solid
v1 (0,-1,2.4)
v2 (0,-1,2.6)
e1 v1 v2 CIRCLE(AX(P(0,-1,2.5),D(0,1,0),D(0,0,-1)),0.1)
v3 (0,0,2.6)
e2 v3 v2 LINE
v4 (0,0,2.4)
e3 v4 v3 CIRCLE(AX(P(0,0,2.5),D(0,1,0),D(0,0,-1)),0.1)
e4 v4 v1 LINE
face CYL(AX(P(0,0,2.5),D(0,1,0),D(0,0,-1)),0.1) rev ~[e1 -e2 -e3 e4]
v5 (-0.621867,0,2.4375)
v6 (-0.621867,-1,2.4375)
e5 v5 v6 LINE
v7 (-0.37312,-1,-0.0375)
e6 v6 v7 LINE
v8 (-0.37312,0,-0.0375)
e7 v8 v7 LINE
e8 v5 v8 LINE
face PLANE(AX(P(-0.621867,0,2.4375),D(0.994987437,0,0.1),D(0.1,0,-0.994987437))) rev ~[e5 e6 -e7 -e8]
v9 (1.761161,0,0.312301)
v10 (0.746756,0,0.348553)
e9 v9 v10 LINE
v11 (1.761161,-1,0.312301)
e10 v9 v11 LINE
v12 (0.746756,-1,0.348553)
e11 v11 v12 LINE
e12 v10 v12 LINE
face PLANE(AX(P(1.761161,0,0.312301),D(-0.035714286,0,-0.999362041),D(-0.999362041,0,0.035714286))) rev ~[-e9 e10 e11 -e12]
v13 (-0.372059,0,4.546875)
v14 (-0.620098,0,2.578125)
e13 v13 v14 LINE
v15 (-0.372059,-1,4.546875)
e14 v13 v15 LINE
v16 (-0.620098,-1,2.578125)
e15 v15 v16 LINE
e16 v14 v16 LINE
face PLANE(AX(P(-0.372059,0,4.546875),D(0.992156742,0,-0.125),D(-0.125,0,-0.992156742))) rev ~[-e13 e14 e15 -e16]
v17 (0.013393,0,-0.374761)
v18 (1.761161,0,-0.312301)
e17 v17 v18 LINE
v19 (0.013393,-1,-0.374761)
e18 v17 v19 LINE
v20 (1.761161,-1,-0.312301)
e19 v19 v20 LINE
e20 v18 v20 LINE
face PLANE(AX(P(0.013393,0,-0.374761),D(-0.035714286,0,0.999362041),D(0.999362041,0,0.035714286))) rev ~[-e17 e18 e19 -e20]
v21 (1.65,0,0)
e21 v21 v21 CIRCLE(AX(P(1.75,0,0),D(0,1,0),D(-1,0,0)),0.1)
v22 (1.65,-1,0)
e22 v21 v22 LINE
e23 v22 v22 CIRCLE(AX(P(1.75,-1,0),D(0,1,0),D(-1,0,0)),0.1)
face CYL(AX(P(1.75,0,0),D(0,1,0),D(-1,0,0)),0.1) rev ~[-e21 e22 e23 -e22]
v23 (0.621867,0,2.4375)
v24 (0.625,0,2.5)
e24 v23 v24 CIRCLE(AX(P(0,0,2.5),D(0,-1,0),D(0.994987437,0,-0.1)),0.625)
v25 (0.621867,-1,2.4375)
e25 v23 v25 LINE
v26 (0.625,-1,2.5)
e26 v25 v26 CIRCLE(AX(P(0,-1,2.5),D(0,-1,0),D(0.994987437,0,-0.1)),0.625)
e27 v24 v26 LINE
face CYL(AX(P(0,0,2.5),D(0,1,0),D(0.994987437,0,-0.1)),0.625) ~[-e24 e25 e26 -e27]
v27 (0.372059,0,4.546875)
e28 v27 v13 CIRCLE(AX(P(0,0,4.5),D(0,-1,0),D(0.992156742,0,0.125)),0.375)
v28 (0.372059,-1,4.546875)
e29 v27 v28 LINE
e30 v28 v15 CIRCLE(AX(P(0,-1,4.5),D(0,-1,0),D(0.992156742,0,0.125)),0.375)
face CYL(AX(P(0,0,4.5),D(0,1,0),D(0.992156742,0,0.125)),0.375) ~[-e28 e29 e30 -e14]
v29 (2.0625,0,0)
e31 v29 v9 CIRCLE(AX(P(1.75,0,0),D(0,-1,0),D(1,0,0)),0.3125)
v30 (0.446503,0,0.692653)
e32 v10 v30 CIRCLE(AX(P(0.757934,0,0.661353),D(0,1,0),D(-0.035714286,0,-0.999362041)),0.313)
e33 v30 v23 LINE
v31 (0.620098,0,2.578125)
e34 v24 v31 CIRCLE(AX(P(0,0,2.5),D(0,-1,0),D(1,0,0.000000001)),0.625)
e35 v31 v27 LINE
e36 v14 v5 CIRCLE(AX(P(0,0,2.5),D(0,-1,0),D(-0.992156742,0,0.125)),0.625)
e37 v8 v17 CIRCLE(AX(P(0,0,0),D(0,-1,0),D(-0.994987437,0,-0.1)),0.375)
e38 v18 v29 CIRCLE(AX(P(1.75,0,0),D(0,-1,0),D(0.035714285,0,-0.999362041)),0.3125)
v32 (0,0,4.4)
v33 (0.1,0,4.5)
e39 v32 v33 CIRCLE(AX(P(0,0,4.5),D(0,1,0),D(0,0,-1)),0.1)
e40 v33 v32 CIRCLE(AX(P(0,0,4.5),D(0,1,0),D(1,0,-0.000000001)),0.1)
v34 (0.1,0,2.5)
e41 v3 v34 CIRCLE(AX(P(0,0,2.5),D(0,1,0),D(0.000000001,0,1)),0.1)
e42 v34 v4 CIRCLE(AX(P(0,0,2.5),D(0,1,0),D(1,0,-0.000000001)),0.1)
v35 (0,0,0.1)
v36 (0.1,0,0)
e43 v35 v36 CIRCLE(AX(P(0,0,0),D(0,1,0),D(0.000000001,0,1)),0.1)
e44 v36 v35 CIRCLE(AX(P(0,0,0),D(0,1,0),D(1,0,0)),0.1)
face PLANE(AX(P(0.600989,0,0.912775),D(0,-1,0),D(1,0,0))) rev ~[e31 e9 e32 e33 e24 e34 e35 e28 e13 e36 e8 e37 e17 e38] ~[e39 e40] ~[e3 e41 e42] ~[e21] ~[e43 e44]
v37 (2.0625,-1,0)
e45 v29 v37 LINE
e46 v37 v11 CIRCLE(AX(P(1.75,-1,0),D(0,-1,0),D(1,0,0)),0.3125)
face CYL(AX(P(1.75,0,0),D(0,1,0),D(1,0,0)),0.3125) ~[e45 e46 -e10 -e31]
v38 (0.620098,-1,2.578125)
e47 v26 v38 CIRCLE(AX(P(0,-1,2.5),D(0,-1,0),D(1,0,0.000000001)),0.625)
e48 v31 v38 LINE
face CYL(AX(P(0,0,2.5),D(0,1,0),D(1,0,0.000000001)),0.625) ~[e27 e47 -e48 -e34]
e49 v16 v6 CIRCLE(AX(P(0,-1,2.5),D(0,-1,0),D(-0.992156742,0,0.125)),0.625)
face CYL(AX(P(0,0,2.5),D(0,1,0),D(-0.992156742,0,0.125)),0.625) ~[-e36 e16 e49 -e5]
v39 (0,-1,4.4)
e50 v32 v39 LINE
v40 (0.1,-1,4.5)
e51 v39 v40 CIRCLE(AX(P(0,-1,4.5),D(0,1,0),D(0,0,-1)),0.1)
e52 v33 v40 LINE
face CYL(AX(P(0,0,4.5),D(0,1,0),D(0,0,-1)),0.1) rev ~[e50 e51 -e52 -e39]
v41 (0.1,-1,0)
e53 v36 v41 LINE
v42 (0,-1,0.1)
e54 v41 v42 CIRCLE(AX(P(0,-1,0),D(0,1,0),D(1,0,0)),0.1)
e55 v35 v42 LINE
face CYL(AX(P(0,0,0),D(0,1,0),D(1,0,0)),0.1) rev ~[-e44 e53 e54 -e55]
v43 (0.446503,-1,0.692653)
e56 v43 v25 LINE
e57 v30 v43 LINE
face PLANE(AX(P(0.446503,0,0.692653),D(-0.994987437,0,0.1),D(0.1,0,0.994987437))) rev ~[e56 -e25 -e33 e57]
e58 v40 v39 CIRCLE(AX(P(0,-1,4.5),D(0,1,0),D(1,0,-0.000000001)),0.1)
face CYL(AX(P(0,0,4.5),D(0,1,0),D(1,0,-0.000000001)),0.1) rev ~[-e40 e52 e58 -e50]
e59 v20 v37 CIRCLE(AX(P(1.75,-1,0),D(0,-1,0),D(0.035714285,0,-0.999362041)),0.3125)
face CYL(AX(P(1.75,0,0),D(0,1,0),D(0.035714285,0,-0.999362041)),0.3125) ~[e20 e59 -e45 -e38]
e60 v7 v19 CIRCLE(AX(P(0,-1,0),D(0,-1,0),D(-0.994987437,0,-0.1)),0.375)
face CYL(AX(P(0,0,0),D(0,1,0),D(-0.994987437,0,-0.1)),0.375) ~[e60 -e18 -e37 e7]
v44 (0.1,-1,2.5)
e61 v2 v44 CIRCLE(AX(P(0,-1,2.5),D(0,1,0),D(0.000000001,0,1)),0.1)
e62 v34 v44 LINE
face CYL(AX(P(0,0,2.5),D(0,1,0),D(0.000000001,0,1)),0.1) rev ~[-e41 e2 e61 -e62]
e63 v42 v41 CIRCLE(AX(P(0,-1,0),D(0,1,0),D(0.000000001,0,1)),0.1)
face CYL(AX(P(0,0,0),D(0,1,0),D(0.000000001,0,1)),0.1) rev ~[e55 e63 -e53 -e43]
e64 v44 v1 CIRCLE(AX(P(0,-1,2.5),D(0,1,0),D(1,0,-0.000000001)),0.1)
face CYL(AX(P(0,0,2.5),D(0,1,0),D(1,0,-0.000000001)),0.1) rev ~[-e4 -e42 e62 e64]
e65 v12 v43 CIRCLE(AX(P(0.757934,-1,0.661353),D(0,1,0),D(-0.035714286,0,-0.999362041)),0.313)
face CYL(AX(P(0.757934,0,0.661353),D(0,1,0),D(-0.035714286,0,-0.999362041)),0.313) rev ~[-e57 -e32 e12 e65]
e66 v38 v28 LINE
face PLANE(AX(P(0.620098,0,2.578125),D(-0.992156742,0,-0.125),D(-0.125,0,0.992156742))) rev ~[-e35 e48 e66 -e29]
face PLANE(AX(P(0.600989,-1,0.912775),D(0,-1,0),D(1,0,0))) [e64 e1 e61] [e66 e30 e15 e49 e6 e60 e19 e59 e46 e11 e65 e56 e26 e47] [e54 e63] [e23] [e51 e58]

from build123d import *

# Parameters (mm, degrees)
F1_DEPTH = 1


with BuildPart() as f1:
    # F0 (on Front) → F1 (new body)
    with BuildSketch(Plane.XZ):
        with BuildLine():
            Line((0, 1.875), (0, 0.375))
            ThreePointArc((0, 0.375), (0.2651650429, 0.2651650429), (0.375, 0))
            Line((0.375, 0), (1.4375, 0))
            ThreePointArc((1.4375, 0), (1.5330109141, 0.2248821616), (1.7611607143, 0.3123006379))
            Line((1.7611607143, 0.3123006379), (0.7467559055, 0.3485525083))
            ThreePointArc((0.7467559055, 0.3485525083), (0.5220944841, 0.4555653209), (0.4465034091, 0.6926528273))
            Line((0.4465034091, 0.6926528273), (0.6218671482, 2.4375))
            ThreePointArc((0.6218671482, 2.4375), (0.4192627458, 2.0364875946), (0, 1.875))
        make_face()
        with BuildLine():
            ThreePointArc((0.375, 0), (0.2698585939, -0.2603869031), (0.0133928571, -0.3747607655))
            Line((0.0133928571, -0.3747607655), (1.7611607143, -0.3123006379))
            ThreePointArc((1.7611607143, -0.3123006379), (1.5330109141, -0.2248821616), (1.4375, 0))
            Line((1.4375, 0), (0.375, 0))
        make_face()
        with BuildLine():
            ThreePointArc((1.4375, 0), (1.5330109141, -0.2248821616), (1.7611607143, -0.3123006379))
            ThreePointArc((1.7611607143, -0.3123006379), (1.9748821616, -0.2169890859), (2.0625, 0))
            ThreePointArc((2.0625, 0), (1.9748821616, 0.2169890859), (1.7611607143, 0.3123006379))
            ThreePointArc((1.7611607143, 0.3123006379), (1.5330109141, 0.2248821616), (1.4375, 0))
        make_face()
        with BuildLine():
            ThreePointArc((1.85, 0), (1.75, -0.1), (1.65, 0))
            ThreePointArc((1.65, 0), (1.75, 0.1), (1.85, 0))
        make_face(mode=Mode.SUBTRACT)
        with BuildLine():
            Line((-0.6218671482, 2.4375), (-0.3731202889, -0.0375))
            ThreePointArc((-0.3731202889, -0.0375), (-0.2781074433, 0.2515576475), (0, 0.375))
            Line((0, 0.375), (0, 1.875))
            ThreePointArc((0, 1.875), (-0.4192627458, 2.0364875946), (-0.6218671482, 2.4375))
        make_face()
        with BuildLine():
            ThreePointArc((0, 0.375), (-0.2781074433, 0.2515576475), (-0.3731202889, -0.0375))
            ThreePointArc((-0.3731202889, -0.0375), (-0.2465505268, -0.2825559019), (0.0133928571, -0.3747607655))
            ThreePointArc((0.0133928571, -0.3747607655), (0.2698585939, -0.2603869031), (0.375, 0))
            Line((0.375, 0), (0.1, 0))
            ThreePointArc((0.1, 0), (-0.0707106781, -0.0707106781), (0, 0.1))
            Line((0, 0.1), (0, 0.375))
        make_face()
        with BuildLine():
            ThreePointArc((0.375, 0), (0.2651650429, 0.2651650429), (0, 0.375))
            Line((0, 0.375), (0, 0.1))
            ThreePointArc((0, 0.1), (0.0707106781, 0.0707106781), (0.1, 0))
            Line((0.1, 0), (0.375, 0))
        make_face()
        with BuildLine():
            Line((-0.3720587781, 4.546875), (-0.6200979635, 2.578125))
            ThreePointArc((-0.6200979635, 2.578125), (-0.4133986424, 2.96875), (0, 3.125))
            Line((0, 3.125), (0, 4.125))
            ThreePointArc((0, 4.125), (-0.28125, 4.2519608146), (-0.3720587781, 4.546875))
        make_face()
        with BuildLine():
            ThreePointArc((-0.6200979635, 2.578125), (-0.6249505439, 2.5078624207), (-0.6218671482, 2.4375))
            ThreePointArc((-0.6218671482, 2.4375), (-0.4192627458, 2.0364875946), (0, 1.875))
            Line((0, 1.875), (0, 2.4))
            ThreePointArc((0, 2.4), (-0.1, 2.5), (0, 2.6))
            Line((0, 2.6), (0, 3.125))
            ThreePointArc((0, 3.125), (-0.4133986424, 2.96875), (-0.6200979635, 2.578125))
        make_face()
        with BuildLine():
            Line((0, 2.4), (0, 1.875))
            ThreePointArc((0, 1.875), (0.4192627458, 2.0364875946), (0.6218671482, 2.4375))
            ThreePointArc((0.6218671482, 2.4375), (0.6242162957, 2.4687107656), (0.625, 2.5))
            ThreePointArc((0.625, 2.5), (0.623773287, 2.5391393203), (0.6200979635, 2.578125))
            ThreePointArc((0.6200979635, 2.578125), (0.4133986424, 2.96875), (0, 3.125))
            Line((0, 3.125), (0, 2.6))
            ThreePointArc((0, 2.6), (0.0707106781, 2.5707106781), (0.1, 2.5))
            ThreePointArc((0.1, 2.5), (0.0707106781, 2.4292893219), (0, 2.4))
        make_face()
        with BuildLine():
            Line((0, 4.125), (0, 3.125))
            ThreePointArc((0, 3.125), (0.4133986424, 2.96875), (0.6200979635, 2.578125))
            Line((0.6200979635, 2.578125), (0.3720587781, 4.546875))
            ThreePointArc((0.3720587781, 4.546875), (0.3742639722, 4.5234835922), (0.375, 4.5))
            ThreePointArc((0.375, 4.5), (0.2651650429, 4.2348349571), (0, 4.125))
        make_face()
        with BuildLine():
            ThreePointArc((0.3720587781, 4.546875), (0, 4.875), (-0.3720587781, 4.546875))
            ThreePointArc((-0.3720587781, 4.546875), (-0.28125, 4.2519608146), (0, 4.125))
            ThreePointArc((0, 4.125), (0.2651650429, 4.2348349571), (0.375, 4.5))
            ThreePointArc((0.375, 4.5), (0.3742639722, 4.5234835922), (0.3720587781, 4.546875))
        make_face()
        with BuildLine():
            ThreePointArc((0.1, 4.5), (0.0707106781, 4.4292893219), (0, 4.4))
            ThreePointArc((0, 4.4), (-0.0707106781, 4.5707106781), (0.1, 4.5))
        make_face(mode=Mode.SUBTRACT)
    extrude(amount=F1_DEPTH)


solid = f1.part
